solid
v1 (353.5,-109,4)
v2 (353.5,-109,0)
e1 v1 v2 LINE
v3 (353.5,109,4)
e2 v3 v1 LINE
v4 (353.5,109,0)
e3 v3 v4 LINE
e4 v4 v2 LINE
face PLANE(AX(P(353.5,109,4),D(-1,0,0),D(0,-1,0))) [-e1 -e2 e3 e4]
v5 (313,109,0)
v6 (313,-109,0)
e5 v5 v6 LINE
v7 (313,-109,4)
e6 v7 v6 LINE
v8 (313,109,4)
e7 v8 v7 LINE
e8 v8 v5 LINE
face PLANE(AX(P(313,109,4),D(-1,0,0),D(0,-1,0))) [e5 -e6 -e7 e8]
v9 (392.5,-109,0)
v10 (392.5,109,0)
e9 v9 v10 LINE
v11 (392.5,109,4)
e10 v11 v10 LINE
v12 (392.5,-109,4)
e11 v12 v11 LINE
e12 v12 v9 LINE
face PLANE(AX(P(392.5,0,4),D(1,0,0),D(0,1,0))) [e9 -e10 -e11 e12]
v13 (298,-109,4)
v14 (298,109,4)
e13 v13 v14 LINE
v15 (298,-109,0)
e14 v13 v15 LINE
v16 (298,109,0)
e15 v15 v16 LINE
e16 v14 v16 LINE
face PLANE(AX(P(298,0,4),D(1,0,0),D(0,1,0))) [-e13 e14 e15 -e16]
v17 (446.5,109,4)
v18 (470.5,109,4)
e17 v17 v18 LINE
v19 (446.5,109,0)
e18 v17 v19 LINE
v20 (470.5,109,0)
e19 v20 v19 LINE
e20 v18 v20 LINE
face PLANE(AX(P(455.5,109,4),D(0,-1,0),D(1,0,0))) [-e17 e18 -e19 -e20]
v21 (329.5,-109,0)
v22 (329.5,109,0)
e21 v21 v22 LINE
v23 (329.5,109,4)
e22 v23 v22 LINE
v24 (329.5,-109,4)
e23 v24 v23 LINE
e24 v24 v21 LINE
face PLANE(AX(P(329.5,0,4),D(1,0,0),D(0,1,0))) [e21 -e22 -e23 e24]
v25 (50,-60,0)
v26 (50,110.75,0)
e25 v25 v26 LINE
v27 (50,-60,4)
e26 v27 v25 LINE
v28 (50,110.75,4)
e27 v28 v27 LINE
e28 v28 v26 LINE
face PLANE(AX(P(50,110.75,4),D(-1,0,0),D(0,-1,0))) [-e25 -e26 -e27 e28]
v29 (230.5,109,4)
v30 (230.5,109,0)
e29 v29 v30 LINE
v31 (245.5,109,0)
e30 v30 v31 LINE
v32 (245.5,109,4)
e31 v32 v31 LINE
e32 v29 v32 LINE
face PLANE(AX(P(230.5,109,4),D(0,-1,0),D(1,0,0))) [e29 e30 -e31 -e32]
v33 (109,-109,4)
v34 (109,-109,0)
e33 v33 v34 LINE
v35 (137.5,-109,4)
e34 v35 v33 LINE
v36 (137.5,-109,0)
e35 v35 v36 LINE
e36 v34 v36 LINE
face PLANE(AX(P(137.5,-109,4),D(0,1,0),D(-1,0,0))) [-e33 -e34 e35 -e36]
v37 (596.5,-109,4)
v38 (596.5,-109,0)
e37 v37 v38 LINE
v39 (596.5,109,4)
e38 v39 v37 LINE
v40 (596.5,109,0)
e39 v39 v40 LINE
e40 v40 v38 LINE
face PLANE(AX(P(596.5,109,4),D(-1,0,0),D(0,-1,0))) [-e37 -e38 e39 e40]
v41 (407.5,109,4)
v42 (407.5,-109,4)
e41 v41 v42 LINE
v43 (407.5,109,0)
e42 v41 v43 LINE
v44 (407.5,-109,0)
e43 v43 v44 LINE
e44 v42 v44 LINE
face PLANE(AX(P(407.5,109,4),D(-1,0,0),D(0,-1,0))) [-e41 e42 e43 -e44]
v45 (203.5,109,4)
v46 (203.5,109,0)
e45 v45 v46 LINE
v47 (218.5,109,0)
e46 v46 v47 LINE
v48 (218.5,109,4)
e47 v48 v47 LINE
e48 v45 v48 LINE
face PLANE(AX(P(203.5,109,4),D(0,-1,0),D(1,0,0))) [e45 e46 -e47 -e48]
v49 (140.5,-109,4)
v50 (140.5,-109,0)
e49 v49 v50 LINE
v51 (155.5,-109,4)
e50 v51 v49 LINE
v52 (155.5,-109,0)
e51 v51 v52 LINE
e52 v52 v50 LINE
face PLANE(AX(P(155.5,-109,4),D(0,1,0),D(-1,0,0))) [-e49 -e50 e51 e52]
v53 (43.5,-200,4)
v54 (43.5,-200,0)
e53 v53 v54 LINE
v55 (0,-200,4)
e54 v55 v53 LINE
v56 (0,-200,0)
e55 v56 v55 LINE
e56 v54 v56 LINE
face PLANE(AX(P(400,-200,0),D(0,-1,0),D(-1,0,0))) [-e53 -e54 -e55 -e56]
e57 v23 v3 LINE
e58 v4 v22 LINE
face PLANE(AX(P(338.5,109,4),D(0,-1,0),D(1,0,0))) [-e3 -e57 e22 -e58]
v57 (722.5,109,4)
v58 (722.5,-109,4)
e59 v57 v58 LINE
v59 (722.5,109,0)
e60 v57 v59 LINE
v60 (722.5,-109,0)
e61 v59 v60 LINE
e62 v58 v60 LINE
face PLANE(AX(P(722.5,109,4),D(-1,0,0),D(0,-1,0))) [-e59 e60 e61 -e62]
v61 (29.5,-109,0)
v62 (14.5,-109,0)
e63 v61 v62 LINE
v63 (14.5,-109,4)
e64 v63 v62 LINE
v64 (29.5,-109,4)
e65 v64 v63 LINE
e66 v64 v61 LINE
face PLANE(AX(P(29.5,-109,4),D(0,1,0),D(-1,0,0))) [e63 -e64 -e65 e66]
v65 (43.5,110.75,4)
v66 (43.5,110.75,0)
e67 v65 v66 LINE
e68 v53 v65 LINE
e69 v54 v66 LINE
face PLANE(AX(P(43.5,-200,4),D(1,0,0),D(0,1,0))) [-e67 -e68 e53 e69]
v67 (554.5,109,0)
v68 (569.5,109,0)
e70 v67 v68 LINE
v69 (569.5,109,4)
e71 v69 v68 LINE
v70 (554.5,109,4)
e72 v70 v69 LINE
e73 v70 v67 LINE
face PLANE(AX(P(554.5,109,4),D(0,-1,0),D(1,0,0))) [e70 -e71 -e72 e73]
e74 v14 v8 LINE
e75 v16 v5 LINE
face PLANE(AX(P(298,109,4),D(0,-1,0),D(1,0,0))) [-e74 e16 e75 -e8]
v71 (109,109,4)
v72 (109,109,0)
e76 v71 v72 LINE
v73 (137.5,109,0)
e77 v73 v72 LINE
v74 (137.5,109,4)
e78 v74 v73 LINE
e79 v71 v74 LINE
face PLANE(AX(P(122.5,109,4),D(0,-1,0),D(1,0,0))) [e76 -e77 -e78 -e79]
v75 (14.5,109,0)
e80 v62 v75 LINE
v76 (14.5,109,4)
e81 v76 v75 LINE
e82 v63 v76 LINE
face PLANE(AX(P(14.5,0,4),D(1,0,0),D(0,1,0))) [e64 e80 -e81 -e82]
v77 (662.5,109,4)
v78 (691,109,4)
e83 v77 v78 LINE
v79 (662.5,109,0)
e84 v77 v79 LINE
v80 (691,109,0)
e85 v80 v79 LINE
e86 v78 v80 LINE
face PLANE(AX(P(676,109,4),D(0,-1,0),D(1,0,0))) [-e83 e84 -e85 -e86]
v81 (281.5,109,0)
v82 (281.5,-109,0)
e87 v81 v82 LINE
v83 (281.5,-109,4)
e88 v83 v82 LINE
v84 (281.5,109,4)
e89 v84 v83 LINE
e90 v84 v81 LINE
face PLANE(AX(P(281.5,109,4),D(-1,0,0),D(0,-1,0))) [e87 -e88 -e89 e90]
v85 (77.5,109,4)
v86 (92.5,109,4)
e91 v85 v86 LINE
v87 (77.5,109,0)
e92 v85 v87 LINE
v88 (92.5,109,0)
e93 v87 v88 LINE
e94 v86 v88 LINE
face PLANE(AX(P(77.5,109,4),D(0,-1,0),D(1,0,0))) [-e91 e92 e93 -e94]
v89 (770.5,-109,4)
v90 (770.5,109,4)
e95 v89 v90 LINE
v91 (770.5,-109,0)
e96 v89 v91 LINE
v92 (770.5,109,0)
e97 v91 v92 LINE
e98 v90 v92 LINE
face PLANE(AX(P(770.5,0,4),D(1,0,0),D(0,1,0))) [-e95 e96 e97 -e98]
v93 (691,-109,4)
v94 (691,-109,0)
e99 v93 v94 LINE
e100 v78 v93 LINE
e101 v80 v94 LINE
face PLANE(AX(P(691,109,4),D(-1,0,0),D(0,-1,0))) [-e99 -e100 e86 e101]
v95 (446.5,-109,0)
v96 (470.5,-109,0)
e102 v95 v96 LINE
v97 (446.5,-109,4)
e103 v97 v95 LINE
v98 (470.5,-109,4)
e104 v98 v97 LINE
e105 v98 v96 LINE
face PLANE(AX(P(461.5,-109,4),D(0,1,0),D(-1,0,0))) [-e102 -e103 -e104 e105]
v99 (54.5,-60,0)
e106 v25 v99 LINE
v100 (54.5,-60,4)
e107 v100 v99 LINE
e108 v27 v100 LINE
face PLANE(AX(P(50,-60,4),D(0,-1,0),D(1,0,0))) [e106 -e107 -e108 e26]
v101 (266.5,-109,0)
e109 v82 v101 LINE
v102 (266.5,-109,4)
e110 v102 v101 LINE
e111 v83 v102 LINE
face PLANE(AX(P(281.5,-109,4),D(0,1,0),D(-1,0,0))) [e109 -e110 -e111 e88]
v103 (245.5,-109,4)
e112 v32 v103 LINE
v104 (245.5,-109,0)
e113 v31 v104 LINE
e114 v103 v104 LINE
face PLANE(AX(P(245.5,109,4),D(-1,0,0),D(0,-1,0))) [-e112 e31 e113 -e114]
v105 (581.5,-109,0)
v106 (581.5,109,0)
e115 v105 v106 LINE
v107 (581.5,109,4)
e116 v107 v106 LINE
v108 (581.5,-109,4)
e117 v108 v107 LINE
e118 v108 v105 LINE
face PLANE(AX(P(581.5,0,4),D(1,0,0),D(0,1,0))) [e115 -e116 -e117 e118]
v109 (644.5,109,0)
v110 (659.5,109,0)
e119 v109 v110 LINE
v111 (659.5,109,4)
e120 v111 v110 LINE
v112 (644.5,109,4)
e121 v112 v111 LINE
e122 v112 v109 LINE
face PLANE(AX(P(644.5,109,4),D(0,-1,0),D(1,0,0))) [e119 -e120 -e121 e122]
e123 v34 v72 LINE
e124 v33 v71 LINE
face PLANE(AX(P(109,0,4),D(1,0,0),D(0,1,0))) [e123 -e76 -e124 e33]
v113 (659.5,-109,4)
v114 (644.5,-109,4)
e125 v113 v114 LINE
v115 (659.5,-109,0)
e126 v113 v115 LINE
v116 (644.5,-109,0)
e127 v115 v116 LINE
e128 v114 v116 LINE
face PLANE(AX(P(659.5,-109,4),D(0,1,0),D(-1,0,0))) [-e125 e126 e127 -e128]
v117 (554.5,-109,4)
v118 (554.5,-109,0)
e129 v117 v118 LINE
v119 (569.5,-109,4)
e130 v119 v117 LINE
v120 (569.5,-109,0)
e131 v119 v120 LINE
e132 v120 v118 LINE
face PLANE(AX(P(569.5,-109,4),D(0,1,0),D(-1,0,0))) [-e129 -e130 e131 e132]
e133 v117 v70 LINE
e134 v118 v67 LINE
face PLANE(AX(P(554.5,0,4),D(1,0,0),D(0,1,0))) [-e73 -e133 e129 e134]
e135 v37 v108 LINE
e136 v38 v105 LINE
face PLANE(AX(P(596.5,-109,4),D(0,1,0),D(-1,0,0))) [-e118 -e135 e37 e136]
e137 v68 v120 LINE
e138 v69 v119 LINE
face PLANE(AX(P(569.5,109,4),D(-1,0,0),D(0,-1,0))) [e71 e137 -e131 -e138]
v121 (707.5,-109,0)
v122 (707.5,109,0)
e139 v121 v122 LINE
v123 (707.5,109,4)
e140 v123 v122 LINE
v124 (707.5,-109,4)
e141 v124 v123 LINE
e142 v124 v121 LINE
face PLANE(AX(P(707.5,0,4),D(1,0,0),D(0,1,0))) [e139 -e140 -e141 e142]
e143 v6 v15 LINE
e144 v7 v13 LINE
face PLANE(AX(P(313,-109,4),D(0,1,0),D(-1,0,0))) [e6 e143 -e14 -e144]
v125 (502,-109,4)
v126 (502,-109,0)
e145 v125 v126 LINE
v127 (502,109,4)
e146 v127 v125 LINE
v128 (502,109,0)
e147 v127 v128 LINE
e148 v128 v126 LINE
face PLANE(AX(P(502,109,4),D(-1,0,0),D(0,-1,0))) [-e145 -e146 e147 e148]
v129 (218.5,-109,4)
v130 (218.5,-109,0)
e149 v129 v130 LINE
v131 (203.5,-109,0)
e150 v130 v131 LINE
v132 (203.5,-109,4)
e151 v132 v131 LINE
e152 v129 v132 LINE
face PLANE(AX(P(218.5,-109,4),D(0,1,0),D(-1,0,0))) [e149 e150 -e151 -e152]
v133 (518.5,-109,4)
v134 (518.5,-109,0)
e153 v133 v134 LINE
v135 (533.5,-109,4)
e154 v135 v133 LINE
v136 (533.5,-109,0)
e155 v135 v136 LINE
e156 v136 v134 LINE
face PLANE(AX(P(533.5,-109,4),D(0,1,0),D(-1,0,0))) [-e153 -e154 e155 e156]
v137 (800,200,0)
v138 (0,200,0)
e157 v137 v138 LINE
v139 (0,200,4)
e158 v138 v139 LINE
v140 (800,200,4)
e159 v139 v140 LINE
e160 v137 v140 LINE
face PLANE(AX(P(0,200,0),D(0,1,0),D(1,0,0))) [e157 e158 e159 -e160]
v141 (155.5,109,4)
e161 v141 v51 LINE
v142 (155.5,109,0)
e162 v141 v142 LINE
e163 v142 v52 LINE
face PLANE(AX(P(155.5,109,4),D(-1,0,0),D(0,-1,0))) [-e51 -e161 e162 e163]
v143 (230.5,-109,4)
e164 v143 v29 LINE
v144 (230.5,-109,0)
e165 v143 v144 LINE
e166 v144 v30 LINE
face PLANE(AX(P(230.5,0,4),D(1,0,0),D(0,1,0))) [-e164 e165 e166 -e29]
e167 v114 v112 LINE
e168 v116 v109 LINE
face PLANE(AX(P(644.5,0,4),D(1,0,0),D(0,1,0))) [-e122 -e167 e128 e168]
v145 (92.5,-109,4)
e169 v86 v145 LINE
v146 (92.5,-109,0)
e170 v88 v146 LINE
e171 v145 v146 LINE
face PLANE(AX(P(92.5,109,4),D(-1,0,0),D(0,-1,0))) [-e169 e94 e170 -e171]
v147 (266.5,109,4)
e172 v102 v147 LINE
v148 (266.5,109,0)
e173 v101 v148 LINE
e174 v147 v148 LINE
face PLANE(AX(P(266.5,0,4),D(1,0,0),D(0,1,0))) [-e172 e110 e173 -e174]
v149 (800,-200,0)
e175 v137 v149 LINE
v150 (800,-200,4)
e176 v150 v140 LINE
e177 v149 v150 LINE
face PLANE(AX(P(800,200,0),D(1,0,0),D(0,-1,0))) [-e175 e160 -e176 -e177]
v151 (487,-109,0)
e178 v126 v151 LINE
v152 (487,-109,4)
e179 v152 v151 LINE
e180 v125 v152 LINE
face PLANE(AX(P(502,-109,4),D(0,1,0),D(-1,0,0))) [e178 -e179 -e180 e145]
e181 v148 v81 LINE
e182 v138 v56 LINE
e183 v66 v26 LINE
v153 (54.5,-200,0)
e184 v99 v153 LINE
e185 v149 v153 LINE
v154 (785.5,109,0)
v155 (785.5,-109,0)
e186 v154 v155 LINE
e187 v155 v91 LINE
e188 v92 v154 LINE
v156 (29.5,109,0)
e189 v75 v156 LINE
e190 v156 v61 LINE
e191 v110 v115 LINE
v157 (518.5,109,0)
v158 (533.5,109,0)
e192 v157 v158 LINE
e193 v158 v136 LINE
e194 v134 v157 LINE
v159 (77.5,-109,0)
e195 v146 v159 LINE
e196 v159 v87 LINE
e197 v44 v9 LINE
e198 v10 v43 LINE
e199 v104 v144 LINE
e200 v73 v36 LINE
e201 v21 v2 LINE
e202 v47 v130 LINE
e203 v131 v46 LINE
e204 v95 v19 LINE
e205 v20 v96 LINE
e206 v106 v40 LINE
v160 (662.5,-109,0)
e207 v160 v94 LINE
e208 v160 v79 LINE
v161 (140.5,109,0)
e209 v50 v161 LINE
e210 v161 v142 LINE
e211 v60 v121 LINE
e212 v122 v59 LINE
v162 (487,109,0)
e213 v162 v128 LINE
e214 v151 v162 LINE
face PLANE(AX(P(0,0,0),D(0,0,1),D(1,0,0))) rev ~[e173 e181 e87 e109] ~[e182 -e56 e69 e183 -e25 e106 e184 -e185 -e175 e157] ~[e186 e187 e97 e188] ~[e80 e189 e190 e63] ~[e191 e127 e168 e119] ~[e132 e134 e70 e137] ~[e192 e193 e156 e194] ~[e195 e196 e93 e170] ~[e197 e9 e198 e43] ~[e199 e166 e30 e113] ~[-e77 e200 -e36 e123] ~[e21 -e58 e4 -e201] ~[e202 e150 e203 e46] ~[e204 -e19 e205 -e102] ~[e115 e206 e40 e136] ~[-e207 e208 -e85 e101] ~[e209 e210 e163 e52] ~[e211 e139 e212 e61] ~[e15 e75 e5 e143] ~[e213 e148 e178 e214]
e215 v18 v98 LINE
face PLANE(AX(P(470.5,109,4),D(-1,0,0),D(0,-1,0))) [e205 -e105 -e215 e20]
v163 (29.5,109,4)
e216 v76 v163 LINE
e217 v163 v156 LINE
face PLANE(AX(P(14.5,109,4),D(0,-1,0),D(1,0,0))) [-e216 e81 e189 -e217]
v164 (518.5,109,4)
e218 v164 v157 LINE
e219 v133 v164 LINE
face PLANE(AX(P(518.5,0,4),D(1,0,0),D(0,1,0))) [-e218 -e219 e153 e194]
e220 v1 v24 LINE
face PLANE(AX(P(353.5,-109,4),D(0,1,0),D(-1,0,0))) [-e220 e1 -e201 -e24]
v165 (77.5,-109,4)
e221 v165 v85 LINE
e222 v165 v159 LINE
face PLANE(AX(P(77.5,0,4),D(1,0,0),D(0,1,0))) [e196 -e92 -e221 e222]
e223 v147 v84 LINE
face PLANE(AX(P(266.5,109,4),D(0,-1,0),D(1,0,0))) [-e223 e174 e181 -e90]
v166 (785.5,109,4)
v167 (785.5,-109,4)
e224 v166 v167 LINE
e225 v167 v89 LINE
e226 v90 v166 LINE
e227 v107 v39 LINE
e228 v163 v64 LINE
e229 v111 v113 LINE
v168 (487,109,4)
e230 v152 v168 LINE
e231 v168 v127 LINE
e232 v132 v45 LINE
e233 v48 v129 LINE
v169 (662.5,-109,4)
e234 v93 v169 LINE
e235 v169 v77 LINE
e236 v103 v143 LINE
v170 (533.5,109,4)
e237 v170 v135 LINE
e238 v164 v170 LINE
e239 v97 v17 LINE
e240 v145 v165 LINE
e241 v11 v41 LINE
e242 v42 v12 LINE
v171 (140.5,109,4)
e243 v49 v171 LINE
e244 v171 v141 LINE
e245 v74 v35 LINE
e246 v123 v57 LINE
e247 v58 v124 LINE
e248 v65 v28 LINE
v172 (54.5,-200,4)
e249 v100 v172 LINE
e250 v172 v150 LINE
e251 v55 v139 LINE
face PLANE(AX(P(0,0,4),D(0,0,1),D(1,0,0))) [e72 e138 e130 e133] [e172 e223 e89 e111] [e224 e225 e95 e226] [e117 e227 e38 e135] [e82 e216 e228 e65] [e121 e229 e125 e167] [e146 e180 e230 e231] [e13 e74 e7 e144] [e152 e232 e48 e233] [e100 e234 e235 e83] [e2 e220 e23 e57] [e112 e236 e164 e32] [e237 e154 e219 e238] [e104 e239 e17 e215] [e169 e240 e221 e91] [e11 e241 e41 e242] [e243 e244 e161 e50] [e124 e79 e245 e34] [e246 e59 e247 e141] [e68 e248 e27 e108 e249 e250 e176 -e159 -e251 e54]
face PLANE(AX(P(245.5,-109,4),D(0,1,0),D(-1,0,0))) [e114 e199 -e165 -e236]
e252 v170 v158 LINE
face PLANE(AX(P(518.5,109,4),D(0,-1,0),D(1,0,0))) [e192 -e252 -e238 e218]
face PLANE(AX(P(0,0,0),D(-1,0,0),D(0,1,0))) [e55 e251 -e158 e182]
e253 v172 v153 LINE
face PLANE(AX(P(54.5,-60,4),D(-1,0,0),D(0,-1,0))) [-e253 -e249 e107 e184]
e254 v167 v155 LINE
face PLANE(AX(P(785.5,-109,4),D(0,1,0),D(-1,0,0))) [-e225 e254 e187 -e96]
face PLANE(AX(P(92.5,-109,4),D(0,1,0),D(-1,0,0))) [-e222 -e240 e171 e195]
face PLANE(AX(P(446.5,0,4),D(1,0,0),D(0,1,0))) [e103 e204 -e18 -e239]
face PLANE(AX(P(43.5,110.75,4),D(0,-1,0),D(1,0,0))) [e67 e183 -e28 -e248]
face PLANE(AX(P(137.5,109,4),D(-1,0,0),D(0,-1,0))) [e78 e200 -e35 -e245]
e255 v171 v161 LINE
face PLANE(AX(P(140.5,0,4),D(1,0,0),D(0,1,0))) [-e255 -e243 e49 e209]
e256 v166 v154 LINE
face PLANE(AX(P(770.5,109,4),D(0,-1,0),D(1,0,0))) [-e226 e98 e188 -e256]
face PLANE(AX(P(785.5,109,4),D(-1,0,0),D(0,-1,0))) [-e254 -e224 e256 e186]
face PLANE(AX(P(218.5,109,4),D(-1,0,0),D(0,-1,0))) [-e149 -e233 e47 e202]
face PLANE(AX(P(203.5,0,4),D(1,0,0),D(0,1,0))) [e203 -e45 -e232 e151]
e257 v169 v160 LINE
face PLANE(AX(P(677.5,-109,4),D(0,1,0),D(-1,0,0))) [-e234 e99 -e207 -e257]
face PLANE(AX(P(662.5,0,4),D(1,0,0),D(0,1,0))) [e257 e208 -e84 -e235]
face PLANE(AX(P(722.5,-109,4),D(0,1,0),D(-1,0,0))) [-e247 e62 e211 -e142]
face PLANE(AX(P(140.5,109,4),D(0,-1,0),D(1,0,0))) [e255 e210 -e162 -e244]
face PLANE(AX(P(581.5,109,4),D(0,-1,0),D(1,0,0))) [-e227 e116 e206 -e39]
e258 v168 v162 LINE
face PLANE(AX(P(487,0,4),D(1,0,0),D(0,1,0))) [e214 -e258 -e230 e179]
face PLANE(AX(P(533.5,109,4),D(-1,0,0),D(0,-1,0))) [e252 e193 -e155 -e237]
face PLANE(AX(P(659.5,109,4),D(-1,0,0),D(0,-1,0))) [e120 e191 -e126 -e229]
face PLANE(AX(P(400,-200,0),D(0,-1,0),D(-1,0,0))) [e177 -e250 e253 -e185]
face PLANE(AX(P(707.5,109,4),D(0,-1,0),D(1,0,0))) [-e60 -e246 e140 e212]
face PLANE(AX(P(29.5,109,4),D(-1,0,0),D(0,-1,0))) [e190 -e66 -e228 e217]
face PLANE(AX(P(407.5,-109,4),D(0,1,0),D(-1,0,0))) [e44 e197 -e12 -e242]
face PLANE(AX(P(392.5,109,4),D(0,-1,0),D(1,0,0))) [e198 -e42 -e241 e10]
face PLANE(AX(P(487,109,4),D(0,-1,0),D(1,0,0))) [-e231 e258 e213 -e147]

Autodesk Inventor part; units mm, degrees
ref_plane "YZ Plane" through (0, 0, 0) normal (1, 0, 0) x (0, 1, 0)
ref_plane "XZ Plane" through (0, 0, 0) normal (0, 1, 0) x (-1, 0, 0)
sketch "ferrite_layer_outline_sketch" plane through (0, 0, 0) normal (0, 0, 1) x (1, 0, 0)
  line L0 (0, 200) -> (800, 200)
  line L1 (800, 200) -> (800, -200)
  line L2 (800, -200) -> (0, -200)
  line L3 (0, -200) -> (0, 200)
  line L4 (-160, 0) -> (960, 0) projected
  line L5 (400, 200) -> (400, -200) construction
  line L6 (400, 366.8869) -> (400, -324.3455) construction
  line L7 (400, 200) -> (400, -200)
  point P0 (0, 0)
  point P1 (0, 0)
  point P2 (0, 0)
  point P3 (0, 0)
  point P4 (20, 0)
  dimension "d0" = 800
  dimension "d1" = 400
extrude "Sheet Extrude" add sketch "ferrite_layer_outline_sketch" along normal blind 4
ref_plane "acrylic_sheet_plane" through (0, 0, 4) normal (0, 0, 1) x (1, 0, 0)
sketch "Sketch4" plane through (0, 0, 4) normal (0, 0, 1) x (1, 0, 0)
  line L0 (14.5, 109) -> (29.5, 109)
  line L1 (29.5, 109) -> (29.5, -109)
  line L2 (29.5, -109) -> (14.5, -109)
  line L3 (14.5, -109) -> (14.5, 109)
  line L4 (-12.6534, 0) -> (47.471, 0)
  line L5 (0, 200) -> (0, -200) projected
  line L6 (800, 200) -> (0, 200) projected
  line L7 (0, -200) -> (800, -200) projected
  point P0 (0, 0)
  point P1 (14.5, 0)
  point P2 (0, 0)
  dimension "d43" = 15
  dimension "d44" = 218
  dimension "d45" = 14.5
extrude "Extrusion9" cut sketch "Sketch4" against normal through all
pattern_linear "Rectangular Pattern 7 fer" count 7 spacing 126 along (1, 0, 0) of "Extrusion9"
pattern_linear "Rectangular Pattern 8 fer" count 8 spacing 108 along (1, 0, 0) of "Extrusion9"
pattern_linear "pattern_test_#_of_ferrites 9 fer" count 9 spacing 94.5 along (1, 0, 0) of "Extrusion9"
pattern_linear "Rectangular Pattern 10 fer" [suppressed]
pattern_linear "Rectangular Pattern 13" count 13 spacing 63 along (1, 0, 0) of "Extrusion9"
sketch "Sketch5" plane through (0, 0, 4) normal (0, 0, 1) x (1, 0, 0)
  line L0 (0, 200) -> (0, -200) projected
  line L1 (0, 150) -> (800, 150)
  line L2 (800, -200) -> (800, 200) projected
  line L3 (800, 200) -> (0, 200) projected
  line L4 (0, -200) -> (800, -200) projected
  line L5 (0, -150) -> (800, -150)
  point P0 (0, 0)
  dimension "d66" = 50
  dimension "d68" = 50
sketch "Sketch11" plane through (0, 0, 4) normal (0, 0, 1) x (1, 0, 0)
  circle A0 centre (47, 7.75) radius 3
  line L0 (800, 200) -> (0, 200) projected
  line L1 (0, 200) -> (0, -200) projected
  circle A1 centre (47, -72) radius 3
  line L2 (0, -200) -> (800, -200) projected
  point P0 (0, 0)
  dimension "d85" = 6
  dimension "d86" = 192.25
  dimension "d87" = 47
  dimension "d88" = 6
  dimension "d89" = 128
  dimension "d90" = 47
extrude "Extrusion15" cut sketch "Sketch11" against normal through all
sketch "Sketch12" plane through (0, 0, 4) normal (0, 0, 1) x (1, 0, 0)
  line L0 (0, -200) -> (800, -200) projected
  line L1 (43.5, 110.75) -> (50, 110.75)
  line L2 (50, 110.75) -> (50, -200)
  line L3 (50, -200) -> (43.5, -200)
  line L4 (43.5, -200) -> (43.5, 110.75)
  line L5 (0, 200) -> (0, -200) projected
  line L6 (50, -60) -> (54.5, -60)
  line L7 (54.5, -60) -> (54.5, -200)
  line L8 (54.5, -200) -> (50, -200)
  point P0 (0, 0)
  dimension "d97" = 310.75
  dimension "d98" = 6.5
  dimension "d99" = 43.5
  dimension "d104" = 4.5
  dimension "d105" = 140
extrude "wire_guide Cut" cut sketch "Sketch12" against normal through all
equation "\"d0\" = track_length"
equation "\"d1\" = track_width"
equation "\"d43\" = ferrite_width"
equation "\"d44\" = ferrite_length"
equation "\"d45\" = gap_distance"
equation "\"d50\" = parameter_5"
equation "\"d62\" = test_parameter_5"
equation "\"track_length\" = 800"
equation "\"track_width\" = 400"
equation "\"gap_distance\" = 14.5"
equation "\"ferrite_length\" = 218"
equation "\"ferrite_width\" = 15"
equation "\"ferrite_height\" = 8"
equation "\"acrylic_sheet_8mm\" = 8"
equation "\"parameter_5\" = 126"
equation "\"test_parameter_5\" = 94.5"
properties part number "ferrite_layer_dex_1R1"
